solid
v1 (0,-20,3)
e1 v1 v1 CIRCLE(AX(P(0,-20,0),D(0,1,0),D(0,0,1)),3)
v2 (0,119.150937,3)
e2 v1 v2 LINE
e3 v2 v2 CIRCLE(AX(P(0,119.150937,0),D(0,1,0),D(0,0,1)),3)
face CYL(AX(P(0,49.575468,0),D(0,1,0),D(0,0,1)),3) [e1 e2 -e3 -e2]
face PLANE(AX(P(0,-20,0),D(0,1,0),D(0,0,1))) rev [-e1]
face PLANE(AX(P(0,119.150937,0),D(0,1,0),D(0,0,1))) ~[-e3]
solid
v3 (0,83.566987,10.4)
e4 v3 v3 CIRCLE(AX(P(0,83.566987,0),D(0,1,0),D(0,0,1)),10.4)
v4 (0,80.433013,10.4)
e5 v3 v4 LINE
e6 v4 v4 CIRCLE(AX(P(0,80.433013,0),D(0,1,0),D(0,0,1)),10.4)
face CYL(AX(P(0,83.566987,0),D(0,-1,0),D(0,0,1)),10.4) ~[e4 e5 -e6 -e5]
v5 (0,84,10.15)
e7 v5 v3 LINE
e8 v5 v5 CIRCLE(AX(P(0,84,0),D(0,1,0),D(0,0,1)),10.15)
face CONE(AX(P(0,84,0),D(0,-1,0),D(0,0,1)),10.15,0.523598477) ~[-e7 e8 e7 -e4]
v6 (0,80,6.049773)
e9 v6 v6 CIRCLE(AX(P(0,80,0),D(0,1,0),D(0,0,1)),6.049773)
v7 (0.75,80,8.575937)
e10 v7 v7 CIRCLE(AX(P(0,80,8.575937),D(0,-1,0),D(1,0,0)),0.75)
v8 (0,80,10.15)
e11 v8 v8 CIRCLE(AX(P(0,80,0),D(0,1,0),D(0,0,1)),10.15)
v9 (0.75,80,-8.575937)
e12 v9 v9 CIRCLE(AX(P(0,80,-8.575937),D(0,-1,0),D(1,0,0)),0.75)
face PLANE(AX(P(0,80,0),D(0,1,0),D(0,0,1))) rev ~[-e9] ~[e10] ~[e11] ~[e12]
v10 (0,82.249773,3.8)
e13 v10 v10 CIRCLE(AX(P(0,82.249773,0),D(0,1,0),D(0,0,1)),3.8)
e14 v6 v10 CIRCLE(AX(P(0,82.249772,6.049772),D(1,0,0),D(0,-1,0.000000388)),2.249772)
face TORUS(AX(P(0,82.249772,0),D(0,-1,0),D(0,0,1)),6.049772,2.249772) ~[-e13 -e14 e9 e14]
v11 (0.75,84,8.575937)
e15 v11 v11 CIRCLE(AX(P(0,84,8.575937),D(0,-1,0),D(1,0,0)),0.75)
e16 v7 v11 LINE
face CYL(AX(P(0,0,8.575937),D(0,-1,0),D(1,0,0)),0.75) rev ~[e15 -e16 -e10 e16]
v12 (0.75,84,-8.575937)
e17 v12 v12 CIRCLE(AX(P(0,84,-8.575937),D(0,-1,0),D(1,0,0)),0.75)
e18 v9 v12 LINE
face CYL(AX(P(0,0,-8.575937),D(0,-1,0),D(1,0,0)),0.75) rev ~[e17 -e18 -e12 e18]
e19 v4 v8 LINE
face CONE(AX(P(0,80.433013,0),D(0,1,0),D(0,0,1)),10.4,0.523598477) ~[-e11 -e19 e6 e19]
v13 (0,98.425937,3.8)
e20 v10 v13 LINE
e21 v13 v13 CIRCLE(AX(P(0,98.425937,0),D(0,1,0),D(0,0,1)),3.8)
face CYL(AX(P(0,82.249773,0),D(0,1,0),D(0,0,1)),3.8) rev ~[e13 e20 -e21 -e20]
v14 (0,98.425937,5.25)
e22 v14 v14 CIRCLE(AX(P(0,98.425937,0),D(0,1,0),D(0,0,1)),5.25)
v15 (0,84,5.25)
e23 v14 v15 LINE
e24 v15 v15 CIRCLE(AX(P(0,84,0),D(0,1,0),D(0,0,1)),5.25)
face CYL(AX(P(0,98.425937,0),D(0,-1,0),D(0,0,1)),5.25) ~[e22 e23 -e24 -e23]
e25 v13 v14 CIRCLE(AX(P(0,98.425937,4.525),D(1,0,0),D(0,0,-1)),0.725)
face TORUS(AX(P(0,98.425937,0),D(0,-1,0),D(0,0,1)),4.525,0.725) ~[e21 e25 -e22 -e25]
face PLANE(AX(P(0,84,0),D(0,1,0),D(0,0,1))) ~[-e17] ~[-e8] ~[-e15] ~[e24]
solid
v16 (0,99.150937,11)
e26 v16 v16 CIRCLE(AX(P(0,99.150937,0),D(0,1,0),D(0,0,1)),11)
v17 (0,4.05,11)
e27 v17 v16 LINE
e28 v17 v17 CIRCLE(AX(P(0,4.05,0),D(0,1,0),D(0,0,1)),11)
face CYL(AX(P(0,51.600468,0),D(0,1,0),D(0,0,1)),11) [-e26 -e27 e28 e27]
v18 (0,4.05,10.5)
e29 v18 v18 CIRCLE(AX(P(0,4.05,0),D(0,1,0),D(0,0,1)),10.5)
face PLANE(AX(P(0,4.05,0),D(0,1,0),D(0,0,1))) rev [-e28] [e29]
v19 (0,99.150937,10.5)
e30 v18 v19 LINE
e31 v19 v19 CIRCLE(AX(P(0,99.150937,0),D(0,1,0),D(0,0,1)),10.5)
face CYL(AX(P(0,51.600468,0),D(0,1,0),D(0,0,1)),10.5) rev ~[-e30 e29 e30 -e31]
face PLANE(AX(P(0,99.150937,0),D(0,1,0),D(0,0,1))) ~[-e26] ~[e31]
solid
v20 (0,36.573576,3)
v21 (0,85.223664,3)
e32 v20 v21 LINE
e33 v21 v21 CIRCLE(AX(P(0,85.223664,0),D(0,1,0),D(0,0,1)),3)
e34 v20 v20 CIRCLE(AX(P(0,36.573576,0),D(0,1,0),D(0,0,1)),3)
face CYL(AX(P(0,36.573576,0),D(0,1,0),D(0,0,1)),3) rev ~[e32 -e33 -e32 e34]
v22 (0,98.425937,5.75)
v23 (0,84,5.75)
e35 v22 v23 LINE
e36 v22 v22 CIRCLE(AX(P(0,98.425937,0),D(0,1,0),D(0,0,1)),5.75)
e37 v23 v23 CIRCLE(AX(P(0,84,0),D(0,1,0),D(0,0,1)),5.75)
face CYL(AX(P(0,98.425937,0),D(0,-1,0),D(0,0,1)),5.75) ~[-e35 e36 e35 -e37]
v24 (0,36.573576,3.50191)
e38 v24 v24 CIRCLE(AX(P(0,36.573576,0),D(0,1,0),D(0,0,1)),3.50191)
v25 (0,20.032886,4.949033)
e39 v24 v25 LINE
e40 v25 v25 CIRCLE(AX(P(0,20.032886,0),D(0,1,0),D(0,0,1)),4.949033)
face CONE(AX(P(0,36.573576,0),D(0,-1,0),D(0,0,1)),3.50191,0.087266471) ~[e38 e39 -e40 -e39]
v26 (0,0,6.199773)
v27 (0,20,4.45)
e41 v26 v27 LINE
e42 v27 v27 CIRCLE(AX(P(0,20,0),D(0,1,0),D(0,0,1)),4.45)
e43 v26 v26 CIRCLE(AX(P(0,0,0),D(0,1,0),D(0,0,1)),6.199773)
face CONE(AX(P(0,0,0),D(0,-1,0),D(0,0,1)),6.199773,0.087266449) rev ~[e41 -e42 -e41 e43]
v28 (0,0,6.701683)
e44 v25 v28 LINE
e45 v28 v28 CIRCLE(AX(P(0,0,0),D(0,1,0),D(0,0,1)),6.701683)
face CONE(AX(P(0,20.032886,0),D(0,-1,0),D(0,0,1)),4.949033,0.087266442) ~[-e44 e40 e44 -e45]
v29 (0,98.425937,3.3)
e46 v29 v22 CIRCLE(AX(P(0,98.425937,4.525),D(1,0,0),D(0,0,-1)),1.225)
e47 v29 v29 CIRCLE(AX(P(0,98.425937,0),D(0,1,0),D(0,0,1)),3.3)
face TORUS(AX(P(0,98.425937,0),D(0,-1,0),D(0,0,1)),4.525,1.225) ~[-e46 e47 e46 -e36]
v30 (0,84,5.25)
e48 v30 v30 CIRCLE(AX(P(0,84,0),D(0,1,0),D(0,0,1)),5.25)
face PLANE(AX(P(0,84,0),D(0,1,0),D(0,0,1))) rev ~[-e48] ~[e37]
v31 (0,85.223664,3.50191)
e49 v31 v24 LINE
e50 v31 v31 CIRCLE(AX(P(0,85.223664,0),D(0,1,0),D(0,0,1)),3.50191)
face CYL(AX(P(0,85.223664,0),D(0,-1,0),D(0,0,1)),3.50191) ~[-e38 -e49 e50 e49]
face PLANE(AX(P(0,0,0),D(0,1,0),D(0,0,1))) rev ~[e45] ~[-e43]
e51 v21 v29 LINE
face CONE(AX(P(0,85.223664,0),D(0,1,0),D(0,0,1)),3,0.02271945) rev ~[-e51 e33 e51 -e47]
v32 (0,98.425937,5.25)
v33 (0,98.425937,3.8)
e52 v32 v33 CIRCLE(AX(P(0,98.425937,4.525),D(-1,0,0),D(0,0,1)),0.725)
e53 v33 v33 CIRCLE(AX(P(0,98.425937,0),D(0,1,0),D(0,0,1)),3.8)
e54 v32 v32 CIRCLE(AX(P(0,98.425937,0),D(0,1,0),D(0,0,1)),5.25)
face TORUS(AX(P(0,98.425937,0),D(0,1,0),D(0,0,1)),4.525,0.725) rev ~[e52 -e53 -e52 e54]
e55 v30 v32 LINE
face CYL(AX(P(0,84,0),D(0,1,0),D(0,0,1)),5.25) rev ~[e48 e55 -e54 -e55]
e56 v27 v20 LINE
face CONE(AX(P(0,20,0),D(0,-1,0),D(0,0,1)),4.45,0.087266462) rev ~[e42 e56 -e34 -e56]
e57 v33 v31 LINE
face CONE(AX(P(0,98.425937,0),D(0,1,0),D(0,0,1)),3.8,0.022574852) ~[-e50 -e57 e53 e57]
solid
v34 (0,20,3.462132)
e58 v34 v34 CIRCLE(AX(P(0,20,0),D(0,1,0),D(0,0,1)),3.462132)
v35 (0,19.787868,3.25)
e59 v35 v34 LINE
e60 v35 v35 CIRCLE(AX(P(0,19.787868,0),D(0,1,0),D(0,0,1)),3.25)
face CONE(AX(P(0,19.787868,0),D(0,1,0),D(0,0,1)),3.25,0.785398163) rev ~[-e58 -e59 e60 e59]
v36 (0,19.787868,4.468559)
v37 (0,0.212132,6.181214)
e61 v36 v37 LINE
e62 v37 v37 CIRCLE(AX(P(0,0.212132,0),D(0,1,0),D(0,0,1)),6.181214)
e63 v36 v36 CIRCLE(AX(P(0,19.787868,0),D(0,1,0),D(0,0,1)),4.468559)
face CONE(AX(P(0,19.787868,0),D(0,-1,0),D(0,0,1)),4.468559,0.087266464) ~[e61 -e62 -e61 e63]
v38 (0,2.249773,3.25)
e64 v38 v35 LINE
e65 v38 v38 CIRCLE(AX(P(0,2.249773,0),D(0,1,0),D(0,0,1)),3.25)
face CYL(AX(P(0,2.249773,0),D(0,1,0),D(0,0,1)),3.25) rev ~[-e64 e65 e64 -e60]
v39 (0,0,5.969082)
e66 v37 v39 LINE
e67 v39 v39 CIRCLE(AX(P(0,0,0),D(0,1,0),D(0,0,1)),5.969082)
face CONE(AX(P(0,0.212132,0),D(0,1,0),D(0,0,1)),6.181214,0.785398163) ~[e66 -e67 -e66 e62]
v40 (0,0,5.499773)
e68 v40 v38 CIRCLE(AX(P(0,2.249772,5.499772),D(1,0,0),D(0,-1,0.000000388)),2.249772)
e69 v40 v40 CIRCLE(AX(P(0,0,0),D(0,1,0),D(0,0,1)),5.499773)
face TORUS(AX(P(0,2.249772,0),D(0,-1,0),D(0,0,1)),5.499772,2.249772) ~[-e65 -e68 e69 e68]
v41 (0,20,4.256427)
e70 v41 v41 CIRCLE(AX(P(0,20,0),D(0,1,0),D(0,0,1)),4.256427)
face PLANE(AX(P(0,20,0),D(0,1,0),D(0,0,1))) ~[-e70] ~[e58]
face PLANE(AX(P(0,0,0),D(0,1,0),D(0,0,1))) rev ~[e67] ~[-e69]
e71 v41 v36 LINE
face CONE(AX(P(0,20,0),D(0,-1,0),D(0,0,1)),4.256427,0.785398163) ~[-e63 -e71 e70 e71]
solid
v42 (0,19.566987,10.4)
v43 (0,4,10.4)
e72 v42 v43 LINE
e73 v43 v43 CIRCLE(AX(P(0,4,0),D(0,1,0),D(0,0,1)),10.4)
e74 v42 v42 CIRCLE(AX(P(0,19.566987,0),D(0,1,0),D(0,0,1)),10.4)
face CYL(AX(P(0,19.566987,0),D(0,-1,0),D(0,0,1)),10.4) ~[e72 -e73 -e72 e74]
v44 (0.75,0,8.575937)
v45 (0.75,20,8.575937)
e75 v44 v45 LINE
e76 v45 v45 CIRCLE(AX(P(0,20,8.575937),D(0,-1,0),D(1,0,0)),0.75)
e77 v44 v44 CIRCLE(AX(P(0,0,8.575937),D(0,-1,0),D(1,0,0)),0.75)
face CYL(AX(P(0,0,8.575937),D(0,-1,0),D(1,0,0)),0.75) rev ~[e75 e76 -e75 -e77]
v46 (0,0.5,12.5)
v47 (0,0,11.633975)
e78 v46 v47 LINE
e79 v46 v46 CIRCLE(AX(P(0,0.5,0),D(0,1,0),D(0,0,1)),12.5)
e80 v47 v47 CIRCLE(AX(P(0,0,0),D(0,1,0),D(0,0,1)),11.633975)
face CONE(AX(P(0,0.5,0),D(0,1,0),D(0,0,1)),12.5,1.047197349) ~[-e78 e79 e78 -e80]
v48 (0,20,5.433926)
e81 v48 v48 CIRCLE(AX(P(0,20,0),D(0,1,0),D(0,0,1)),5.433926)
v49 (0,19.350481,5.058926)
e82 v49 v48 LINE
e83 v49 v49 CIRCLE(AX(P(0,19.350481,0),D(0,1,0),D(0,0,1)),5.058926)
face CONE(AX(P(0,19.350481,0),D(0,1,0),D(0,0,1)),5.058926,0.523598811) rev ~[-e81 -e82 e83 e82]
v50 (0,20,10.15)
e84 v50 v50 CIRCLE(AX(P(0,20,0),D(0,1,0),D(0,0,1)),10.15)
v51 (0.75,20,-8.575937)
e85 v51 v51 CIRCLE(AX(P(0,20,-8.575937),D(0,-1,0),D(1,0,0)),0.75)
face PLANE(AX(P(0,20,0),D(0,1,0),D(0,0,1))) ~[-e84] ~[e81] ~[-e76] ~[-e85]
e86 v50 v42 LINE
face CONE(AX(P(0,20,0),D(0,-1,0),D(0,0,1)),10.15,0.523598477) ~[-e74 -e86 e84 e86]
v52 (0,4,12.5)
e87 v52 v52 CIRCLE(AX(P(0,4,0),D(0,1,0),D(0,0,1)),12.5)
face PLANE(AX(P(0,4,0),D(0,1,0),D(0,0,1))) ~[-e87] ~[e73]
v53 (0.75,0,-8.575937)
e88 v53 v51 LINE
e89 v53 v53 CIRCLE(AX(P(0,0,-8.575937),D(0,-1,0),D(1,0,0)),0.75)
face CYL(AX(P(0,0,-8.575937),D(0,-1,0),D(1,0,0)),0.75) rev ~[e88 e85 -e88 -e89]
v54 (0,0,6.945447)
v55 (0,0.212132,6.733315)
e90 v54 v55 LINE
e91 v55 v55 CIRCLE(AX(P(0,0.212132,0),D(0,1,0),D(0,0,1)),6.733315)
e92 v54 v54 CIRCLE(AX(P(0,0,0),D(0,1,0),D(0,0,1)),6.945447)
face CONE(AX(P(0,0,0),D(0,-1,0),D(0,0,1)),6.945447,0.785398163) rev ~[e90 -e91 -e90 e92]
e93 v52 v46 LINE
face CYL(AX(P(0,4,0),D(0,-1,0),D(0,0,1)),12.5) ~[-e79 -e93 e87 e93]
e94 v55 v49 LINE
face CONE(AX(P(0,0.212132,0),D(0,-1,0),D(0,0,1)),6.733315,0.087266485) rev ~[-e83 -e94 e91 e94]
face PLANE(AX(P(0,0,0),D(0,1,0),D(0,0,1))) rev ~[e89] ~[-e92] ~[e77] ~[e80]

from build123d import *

# Parameters (mm, degrees)
F0_W     = 139.150937
F0_H     = 3
F0_W_2   = 95.100937
F0_H_2   = 0.5
F1_R     = 0.75
F4_DEPTH = 119.151937


with BuildPart() as f3:
    # F0 (on Right) → F3 (revolve)
    with BuildSketch(Plane.YZ):
        with Locations((49.575468, 1.5)):
            Rectangle(F0_W, F0_H)
        Polygon((0, 6.945447), (0.212132, 6.733315), (19.350481, 5.058926), (20, 5.433926), (20, 9.325937), (20, 10.15), (19.566987, 10.4), (4, 10.4), (4, 12.5), (0.5, 12.5), (0, 11.633975), (0, 7.825937), align=None)
        with BuildLine():
            ThreePointArc((0, 5.499773), (0.658943, 3.908943), (2.249773, 3.25))
            Line((2.249773, 3.25), (19.787868, 3.25))
            Line((19.787868, 3.25), (20, 3.462132))
            Line((20, 3.462132), (20, 4.256427))
            Line((20, 4.256427), (19.787868, 4.468559))
            Line((19.787868, 4.468559), (0.212132, 6.181214))
            Line((0.212132, 6.181214), (0, 5.969082))
            Line((0, 5.969082), (0, 5.499773))
        make_face()
        with BuildLine():
            Line((80.433013, 10.4), (80, 10.15))
            Line((80, 10.15), (80, 6.049773))
            ThreePointArc((80, 6.049773), (80.658943, 4.458943), (82.249773, 3.8))
            Line((82.249773, 3.8), (98.425937, 3.8))
            ThreePointArc((98.425937, 3.8), (99.150937, 4.525), (98.425937, 5.25))
            Line((98.425937, 5.25), (86.425937, 5.25))
            Line((86.425937, 5.25), (84, 5.25))
            Line((84, 5.25), (84, 7.675937))
            Line((84, 7.675937), (84, 10.15))
            Line((84, 10.15), (83.566987, 10.4))
            Line((83.566987, 10.4), (80.433013, 10.4))
        make_face()
        with Locations((51.600468, 10.75)):
            Rectangle(F0_W_2, F0_H_2)
    revolve(axis=Axis((0, 49.575469, 0), (0, 1, 0)))

    # F1 (on Front) → F4 (cut, through all)
    with BuildSketch(Plane.XZ):
        with Locations((0, -8.575937)):
            Circle(F1_R)
        with Locations((0, 8.575937)):
            Circle(F1_R)
    extrude(amount=-F4_DEPTH, mode=Mode.SUBTRACT)


with BuildPart() as f5:
    # F2 (on Right) → F5 (revolve)
    with BuildSketch(Plane.YZ):
        with BuildLine():
            Line((20, 4.45), (36.573576, 3))
            Line((36.573576, 3), (85.223664, 3))
            Line((85.223664, 3), (98.425937, 3.3))
            ThreePointArc((98.425937, 3.3), (99.650937, 4.525), (98.425937, 5.75))
            Line((98.425937, 5.75), (84, 5.75))
            Line((84, 5.75), (84, 5.25))
            Line((84, 5.25), (98.425937, 5.25))
            ThreePointArc((98.425937, 5.25), (99.150937, 4.525), (98.425937, 3.8))
            Line((98.425937, 3.8), (85.223664, 3.50191))
            Line((85.223664, 3.50191), (36.573576, 3.50191))
            Line((36.573576, 3.50191), (20.032886, 4.949033))
            Line((20.032886, 4.949033), (0, 6.701683))
            Line((0, 6.701683), (0, 6.199773))
            Line((0, 6.199773), (20, 4.45))
        make_face()
    revolve(axis=Axis((0, 49.575469, 0), (0, 1, 0)))


solid = Compound([f3.part, f5.part])
